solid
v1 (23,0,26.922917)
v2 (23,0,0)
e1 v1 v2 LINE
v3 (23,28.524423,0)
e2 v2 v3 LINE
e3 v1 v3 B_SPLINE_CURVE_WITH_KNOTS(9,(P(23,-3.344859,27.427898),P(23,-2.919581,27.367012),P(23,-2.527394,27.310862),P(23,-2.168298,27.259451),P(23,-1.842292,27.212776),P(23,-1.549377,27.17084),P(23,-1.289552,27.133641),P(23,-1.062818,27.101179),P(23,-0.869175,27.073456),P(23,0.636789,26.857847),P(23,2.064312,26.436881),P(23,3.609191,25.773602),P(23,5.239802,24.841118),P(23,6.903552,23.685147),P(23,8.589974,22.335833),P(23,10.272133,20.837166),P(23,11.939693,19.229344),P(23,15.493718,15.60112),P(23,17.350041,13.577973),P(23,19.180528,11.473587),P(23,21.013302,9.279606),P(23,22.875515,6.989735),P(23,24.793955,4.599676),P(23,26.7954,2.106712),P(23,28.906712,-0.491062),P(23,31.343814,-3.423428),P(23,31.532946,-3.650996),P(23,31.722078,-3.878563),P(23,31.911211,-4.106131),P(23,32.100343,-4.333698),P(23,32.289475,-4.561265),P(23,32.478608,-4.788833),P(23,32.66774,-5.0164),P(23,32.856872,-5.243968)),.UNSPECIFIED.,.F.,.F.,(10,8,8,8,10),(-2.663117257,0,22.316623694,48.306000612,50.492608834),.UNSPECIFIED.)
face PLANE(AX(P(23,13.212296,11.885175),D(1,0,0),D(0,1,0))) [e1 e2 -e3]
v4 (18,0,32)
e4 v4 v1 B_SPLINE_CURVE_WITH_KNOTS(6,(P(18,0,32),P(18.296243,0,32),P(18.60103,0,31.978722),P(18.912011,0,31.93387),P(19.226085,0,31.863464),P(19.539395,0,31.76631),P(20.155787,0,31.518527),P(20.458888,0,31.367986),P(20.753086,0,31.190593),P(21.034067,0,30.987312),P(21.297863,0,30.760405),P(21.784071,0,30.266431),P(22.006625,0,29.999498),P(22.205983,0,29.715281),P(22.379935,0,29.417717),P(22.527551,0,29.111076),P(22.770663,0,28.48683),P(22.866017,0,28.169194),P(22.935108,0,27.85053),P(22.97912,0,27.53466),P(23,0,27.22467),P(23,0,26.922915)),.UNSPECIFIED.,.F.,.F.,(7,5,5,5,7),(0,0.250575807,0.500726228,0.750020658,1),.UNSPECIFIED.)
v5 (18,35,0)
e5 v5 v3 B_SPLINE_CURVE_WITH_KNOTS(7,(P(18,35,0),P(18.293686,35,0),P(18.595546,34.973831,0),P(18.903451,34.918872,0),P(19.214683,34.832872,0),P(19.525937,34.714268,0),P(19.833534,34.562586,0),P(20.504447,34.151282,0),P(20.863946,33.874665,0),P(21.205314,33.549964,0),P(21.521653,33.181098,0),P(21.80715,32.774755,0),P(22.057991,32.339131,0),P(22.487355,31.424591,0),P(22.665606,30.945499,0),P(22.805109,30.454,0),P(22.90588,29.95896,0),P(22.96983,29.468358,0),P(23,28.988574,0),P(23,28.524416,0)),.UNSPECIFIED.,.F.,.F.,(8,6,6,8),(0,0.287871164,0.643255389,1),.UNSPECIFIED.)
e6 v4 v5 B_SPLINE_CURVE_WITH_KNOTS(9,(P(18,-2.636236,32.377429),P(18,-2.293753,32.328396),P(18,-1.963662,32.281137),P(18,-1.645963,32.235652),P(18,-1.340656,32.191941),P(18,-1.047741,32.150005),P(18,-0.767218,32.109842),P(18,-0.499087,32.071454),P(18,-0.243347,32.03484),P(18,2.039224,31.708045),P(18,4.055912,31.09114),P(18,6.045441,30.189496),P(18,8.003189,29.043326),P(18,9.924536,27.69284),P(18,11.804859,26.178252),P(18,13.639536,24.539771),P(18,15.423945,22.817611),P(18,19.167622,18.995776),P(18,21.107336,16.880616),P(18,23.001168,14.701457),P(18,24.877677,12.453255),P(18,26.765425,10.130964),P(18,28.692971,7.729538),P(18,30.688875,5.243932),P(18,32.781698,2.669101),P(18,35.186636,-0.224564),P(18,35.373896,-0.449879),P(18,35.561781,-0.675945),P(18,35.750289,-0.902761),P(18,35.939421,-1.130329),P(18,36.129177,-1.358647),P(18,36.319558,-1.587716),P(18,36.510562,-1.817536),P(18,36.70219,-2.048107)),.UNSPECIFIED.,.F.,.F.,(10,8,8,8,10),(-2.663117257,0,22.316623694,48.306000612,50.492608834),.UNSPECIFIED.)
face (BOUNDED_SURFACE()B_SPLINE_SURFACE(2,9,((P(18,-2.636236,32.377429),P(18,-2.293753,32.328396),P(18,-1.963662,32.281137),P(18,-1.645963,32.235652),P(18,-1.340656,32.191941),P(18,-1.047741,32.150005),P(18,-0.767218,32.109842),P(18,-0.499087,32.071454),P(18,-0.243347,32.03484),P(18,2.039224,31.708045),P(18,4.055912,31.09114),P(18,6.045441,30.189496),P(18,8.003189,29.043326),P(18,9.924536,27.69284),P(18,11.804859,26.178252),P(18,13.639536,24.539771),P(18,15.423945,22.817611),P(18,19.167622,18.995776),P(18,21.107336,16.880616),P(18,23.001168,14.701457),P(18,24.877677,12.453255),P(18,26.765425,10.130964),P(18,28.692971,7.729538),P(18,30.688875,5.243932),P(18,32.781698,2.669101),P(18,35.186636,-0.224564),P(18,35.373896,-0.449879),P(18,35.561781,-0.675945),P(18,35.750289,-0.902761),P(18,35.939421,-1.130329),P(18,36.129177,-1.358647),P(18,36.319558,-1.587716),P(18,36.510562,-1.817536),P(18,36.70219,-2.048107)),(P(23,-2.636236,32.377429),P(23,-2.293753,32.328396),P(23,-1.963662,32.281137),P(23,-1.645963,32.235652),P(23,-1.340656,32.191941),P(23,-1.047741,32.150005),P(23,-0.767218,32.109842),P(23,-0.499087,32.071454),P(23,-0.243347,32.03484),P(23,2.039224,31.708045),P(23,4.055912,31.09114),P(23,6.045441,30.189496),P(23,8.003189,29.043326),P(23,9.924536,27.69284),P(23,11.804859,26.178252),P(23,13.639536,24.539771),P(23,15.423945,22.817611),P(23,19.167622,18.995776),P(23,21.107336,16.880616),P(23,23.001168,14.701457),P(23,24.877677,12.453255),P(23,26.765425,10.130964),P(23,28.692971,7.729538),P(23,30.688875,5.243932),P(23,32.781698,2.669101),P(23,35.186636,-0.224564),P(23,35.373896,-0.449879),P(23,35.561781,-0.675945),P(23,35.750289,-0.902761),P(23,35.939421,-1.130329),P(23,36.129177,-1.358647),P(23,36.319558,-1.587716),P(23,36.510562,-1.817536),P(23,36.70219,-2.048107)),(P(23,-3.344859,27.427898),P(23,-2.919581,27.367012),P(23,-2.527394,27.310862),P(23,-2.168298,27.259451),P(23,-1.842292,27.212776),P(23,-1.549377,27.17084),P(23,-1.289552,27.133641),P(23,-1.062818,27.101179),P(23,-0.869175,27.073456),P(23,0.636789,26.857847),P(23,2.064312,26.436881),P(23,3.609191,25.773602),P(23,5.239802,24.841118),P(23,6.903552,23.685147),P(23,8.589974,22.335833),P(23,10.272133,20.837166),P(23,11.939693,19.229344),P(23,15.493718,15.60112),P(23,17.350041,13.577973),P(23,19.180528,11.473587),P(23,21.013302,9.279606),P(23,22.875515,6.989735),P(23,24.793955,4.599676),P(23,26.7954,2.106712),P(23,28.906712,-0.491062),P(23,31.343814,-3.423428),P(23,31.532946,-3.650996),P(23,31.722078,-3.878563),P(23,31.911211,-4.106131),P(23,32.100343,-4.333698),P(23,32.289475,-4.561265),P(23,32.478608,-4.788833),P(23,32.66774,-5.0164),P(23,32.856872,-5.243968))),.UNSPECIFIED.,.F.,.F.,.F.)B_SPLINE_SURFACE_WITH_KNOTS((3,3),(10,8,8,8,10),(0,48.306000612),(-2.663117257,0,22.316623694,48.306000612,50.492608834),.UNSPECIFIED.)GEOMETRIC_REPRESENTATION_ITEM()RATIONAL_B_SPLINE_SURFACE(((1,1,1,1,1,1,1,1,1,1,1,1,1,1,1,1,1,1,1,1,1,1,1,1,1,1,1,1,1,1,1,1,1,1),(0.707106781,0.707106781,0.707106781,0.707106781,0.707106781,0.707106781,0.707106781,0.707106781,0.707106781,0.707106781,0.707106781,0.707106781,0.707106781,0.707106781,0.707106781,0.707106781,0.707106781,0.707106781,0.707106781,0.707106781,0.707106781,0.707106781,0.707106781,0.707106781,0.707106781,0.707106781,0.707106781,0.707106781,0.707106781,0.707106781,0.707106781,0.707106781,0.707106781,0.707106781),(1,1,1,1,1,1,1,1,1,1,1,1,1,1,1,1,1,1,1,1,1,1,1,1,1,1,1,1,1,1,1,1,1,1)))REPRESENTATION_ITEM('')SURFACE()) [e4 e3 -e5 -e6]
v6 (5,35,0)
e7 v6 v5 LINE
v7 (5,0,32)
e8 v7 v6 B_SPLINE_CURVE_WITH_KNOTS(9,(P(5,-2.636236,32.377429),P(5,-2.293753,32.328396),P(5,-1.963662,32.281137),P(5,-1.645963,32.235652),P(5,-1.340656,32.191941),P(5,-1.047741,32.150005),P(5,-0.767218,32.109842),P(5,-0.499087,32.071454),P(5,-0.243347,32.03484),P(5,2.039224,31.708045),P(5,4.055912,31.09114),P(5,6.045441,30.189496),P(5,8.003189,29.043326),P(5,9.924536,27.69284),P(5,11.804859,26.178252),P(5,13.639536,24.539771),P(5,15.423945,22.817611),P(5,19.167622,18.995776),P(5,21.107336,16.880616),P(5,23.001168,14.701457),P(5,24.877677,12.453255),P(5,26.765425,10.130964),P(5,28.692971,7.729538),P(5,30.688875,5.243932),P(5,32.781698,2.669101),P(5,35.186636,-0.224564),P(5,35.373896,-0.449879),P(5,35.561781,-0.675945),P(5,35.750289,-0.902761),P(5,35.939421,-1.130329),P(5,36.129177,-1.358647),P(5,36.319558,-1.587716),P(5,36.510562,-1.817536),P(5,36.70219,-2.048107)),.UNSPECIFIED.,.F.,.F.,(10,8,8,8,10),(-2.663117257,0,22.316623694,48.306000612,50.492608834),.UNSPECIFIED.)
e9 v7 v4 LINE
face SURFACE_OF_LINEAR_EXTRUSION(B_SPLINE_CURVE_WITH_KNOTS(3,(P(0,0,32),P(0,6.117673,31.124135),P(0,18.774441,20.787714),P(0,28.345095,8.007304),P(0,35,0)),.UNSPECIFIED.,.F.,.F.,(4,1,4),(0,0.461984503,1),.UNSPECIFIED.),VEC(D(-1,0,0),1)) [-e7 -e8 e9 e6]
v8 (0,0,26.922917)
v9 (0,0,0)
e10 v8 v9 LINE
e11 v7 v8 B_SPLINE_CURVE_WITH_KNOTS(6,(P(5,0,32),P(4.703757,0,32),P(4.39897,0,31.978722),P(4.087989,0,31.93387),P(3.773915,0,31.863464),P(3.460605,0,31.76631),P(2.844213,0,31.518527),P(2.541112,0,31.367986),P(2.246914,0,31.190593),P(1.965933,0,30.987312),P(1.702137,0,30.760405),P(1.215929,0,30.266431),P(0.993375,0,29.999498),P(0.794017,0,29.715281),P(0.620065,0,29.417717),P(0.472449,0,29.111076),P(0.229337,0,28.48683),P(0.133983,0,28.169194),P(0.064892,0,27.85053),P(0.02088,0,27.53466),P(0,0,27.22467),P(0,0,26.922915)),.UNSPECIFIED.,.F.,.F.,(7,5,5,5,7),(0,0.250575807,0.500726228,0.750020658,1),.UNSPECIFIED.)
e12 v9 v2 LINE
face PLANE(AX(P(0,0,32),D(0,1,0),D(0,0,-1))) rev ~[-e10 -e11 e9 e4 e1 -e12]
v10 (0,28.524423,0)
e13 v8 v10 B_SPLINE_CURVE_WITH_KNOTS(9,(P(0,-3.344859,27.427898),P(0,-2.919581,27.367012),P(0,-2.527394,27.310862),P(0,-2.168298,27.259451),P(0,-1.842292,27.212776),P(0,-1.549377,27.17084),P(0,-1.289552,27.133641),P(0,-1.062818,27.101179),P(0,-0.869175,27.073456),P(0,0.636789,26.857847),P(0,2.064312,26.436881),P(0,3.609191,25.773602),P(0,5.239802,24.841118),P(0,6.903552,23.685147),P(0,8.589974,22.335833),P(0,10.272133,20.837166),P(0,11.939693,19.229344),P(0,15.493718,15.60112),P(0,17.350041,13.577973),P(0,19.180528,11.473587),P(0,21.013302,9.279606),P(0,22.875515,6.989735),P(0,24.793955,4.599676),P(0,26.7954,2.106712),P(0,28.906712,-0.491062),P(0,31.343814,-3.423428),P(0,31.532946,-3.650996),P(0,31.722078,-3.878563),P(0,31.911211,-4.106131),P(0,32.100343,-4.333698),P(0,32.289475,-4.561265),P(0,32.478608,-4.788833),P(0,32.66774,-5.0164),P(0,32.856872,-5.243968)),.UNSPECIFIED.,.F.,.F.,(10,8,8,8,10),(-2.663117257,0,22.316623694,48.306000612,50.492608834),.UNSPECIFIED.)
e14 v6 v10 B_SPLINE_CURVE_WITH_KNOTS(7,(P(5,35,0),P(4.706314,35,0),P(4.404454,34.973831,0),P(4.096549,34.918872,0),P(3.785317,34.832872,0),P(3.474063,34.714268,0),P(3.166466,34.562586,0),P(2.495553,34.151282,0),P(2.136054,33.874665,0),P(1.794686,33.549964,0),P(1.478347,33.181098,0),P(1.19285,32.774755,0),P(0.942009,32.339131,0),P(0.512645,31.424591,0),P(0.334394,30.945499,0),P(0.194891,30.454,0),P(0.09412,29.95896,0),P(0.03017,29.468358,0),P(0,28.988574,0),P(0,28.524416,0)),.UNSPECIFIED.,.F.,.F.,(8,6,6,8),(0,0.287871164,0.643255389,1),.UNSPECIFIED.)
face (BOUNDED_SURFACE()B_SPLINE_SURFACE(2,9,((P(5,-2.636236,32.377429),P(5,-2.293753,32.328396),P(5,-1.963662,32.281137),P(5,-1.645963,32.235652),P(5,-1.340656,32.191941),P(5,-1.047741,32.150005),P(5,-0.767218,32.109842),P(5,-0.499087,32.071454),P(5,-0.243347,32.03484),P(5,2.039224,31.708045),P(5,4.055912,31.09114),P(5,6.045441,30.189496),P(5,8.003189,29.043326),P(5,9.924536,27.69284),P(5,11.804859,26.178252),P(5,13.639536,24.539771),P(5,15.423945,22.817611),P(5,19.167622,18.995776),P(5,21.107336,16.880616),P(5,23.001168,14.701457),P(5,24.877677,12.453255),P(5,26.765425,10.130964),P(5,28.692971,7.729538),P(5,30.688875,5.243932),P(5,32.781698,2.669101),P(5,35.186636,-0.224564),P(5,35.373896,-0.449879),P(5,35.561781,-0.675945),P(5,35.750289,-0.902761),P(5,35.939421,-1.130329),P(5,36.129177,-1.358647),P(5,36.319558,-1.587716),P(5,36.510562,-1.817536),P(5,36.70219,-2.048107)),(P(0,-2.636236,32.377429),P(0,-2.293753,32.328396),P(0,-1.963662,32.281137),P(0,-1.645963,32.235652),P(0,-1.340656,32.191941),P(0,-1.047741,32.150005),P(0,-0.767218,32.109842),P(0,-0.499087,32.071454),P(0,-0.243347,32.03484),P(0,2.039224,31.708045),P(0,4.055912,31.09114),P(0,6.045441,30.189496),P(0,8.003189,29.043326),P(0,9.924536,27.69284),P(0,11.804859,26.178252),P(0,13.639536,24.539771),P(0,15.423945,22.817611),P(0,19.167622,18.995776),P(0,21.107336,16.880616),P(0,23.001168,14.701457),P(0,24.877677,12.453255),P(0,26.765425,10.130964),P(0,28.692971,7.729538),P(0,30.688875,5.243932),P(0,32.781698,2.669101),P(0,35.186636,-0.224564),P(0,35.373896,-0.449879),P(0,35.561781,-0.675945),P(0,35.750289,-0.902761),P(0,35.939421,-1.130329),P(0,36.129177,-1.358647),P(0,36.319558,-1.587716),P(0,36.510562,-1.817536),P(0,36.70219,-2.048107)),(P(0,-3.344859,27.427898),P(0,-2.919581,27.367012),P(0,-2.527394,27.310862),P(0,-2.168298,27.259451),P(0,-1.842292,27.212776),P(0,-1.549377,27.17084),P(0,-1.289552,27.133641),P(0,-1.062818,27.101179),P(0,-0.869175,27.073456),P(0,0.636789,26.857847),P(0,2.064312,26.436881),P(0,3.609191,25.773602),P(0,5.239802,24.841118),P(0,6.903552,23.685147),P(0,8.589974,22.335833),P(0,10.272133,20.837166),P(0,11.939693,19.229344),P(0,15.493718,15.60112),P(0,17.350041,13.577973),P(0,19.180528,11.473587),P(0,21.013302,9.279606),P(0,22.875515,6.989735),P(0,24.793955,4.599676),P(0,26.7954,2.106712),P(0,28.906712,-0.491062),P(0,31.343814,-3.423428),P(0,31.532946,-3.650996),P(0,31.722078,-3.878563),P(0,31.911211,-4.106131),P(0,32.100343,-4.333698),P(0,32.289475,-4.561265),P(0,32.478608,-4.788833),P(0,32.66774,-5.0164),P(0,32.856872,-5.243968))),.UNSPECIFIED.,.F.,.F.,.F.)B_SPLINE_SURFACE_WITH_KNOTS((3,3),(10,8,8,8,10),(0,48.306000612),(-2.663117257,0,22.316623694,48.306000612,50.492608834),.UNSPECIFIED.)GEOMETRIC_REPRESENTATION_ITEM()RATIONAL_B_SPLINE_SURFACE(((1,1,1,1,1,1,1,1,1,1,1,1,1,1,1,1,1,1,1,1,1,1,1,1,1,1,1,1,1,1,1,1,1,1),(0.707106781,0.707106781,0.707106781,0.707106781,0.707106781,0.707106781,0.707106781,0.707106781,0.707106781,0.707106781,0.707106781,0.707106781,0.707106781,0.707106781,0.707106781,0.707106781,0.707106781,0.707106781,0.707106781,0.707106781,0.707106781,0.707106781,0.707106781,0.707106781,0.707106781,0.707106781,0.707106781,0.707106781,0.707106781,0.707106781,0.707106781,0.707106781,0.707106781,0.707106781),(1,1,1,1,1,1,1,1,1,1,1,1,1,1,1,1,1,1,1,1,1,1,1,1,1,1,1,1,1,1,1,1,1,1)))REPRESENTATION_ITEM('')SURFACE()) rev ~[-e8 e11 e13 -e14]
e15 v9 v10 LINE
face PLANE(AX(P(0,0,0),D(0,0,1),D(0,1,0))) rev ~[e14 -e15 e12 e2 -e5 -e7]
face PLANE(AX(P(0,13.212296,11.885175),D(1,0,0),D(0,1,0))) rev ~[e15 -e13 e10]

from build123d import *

# Parameters (mm, degrees)
F1_DEPTH = 23
F2_R     = 5


with BuildPart() as f1:
    # F0 (on Right) → F1 (new body)
    with BuildSketch(Plane.YZ):
        with BuildLine():
            Line((0, 32), (0, 0))
            Line((0, 0), (35, 0))
            add(Edge.make_bspline(
                [(0, 32), (6.1176732558, 31.1241345812), (18.7744410969, 20.7877141071), (28.3450948651, 8.007303629), (35, 0)],
                knots=[0, 0, 0, 0, 0.4619845032, 1, 1, 1, 1], degree=3))
        make_face()
    extrude(amount=F1_DEPTH)

    # F2
    f2_edges = [f1.edges().sort_by_distance(p)[0] for p in [
        (23, 19.530043, 18.544117),
        (0, 19.530043, 18.544117),
    ]]
    fillet(f2_edges, radius=F2_R)


solid = f1.part
